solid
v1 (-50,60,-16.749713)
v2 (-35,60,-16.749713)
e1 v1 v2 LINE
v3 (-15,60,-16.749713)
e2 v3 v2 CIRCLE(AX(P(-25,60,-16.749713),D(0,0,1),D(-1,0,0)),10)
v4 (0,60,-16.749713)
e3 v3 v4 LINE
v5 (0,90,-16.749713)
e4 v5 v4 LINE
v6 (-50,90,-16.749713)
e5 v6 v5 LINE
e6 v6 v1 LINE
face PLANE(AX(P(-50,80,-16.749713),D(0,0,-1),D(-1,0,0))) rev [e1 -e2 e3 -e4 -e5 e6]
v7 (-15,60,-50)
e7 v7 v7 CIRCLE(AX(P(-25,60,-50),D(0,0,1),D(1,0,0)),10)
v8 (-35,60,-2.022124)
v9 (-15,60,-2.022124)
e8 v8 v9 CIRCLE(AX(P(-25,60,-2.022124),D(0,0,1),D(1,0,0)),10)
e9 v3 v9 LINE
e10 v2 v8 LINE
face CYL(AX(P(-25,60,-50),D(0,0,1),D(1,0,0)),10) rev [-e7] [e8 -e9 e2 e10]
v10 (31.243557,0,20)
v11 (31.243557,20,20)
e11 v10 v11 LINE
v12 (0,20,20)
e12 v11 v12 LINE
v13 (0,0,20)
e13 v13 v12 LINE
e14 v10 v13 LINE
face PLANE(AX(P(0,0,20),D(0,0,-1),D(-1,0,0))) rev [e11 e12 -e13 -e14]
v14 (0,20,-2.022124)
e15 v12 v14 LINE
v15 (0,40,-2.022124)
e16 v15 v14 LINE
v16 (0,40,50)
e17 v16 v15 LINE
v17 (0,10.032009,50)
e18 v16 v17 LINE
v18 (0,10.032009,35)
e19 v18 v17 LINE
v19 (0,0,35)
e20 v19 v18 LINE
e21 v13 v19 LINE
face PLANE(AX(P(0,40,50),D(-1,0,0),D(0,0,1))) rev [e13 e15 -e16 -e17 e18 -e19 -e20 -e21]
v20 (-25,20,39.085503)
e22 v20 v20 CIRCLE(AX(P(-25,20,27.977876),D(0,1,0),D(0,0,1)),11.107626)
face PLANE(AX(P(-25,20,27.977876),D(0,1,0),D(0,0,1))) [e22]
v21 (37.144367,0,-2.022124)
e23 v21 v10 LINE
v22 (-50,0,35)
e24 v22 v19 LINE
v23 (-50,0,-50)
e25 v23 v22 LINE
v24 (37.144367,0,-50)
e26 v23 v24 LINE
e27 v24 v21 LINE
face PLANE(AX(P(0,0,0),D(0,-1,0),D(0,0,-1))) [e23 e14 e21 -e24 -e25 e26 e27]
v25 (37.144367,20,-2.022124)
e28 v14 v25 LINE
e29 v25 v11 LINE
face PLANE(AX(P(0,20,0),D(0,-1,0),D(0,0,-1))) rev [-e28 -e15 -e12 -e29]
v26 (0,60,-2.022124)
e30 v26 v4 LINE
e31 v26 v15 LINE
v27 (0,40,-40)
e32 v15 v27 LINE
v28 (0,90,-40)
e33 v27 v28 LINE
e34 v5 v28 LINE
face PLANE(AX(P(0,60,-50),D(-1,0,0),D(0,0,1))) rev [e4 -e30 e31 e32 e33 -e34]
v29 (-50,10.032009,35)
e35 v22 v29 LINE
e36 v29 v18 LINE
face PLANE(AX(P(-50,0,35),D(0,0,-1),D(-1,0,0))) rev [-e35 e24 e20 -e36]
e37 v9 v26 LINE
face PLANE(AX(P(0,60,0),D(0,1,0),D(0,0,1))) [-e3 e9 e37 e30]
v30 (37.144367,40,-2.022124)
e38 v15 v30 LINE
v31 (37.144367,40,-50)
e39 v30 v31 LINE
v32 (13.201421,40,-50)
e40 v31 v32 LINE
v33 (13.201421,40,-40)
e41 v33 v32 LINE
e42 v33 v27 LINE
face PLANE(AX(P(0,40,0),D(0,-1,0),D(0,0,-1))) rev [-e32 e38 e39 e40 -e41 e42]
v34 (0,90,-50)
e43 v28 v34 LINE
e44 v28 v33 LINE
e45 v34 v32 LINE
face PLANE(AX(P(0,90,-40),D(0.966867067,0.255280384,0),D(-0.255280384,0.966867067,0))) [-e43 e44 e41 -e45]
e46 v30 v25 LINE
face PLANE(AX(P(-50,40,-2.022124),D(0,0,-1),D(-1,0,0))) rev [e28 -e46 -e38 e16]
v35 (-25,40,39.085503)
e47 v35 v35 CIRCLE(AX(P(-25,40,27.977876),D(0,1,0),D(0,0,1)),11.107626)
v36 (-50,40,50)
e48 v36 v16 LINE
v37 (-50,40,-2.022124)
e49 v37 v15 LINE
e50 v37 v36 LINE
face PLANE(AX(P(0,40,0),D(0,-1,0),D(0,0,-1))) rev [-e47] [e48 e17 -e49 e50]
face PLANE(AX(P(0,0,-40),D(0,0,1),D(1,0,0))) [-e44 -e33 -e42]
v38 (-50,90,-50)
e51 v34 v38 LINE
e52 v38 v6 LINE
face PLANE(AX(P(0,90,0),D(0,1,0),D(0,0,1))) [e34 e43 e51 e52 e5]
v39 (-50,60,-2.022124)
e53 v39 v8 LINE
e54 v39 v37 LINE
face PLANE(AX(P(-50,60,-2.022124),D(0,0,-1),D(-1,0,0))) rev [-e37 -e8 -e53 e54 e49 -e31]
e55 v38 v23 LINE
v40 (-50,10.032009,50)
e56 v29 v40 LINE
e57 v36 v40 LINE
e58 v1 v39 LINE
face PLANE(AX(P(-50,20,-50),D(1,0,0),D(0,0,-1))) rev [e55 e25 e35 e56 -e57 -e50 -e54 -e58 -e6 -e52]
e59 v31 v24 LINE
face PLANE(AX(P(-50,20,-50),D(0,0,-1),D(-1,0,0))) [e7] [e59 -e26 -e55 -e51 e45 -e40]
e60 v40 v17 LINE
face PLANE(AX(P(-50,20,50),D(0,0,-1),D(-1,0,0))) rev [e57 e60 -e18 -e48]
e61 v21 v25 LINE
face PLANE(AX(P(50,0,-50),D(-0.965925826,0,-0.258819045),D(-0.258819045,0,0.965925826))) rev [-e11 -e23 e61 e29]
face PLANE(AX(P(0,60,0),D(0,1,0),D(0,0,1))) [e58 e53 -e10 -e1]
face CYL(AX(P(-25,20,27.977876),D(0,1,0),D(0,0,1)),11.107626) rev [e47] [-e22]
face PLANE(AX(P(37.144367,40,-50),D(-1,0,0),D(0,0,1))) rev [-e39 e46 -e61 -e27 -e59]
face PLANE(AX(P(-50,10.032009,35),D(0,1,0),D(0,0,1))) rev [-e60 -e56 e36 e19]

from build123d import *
from build123d.topology import SkipClean

# Parameters (mm, degrees)
CROQUIS1_W               = 100
CROQUIS1_H               = 100
SALIENTE_EXTRUIR1_DEPTH  = 20
CROQUIS2_W               = 50
CROQUIS2_H               = 52.022123513
SALIENTE_EXTRUIR2_DEPTH  = 20
CROQUIS6_W               = 50
CROQUIS6_H               = 30
CORTAR_EXTRUIR1_DEPTH    = 20
CROQUIS9_W               = 15
CROQUIS9_H               = 10.032008702
CORTAR_EXTRUIR8_DEPTH    = 50
CROQUIS10_R              = 11.107626401
CORTAR_EXTRUIR9_DEPTH    = 20
CORTAR_EXTRUIR11_DEPTH   = 20
CROQUIS14_W              = 87.144366741
CROQUIS14_H              = 47.977876487
SALIENTE_EXTRUIR4_DEPTH  = 20
CORTAR_EXTRUIR12_DEPTH   = 20
CROQUIS16_W              = 50
CROQUIS16_H              = 47.977876487
SALIENTE_EXTRUIR5_DEPTH  = 20
CORTAR_EXTRUIR13_DEPTH   = 94.841895413
CROQUIS22_W              = 50
CROQUIS22_H              = 33.250287406
SALIENTE_EXTRUIR6_DEPTH  = 20
CORTAR_EXTRUIR14_DEPTH   = 116.566102865
CROQUIS25_W              = 50
CROQUIS25_H              = 33.250287406
SALIENTE_EXTRUIR7_DEPTH  = 10
SALIENTE_EXTRUIR10_DEPTH = 10


with BuildPart() as part:
    # Croquis1 → Saliente-Extruir1 (new body)
    with BuildSketch(Plane(origin=(0, 0, 0), x_dir=(1, 0, 0), z_dir=(0, 1, 0))):
        Rectangle(CROQUIS1_W, CROQUIS1_H)
    extrude(amount=SALIENTE_EXTRUIR1_DEPTH)

    # Croquis2 → Saliente-Extruir2 (add)
    with BuildSketch(Plane(origin=(0, 20, 0), x_dir=(1, 0, 0), z_dir=(0, 1, 0))):
        with Locations((-25, -23.988938244)):
            Rectangle(CROQUIS2_W, CROQUIS2_H)
    extrude(amount=SALIENTE_EXTRUIR2_DEPTH)

    # Croquis6 → Cortar-Extruir1 (cut)
    with BuildSketch(Plane(origin=(0, 20, 0), x_dir=(1, 0, 0), z_dir=(0, 1, 0))):
        with Locations((25, -35)):
            Rectangle(CROQUIS6_W, CROQUIS6_H)
    extrude(amount=-CORTAR_EXTRUIR1_DEPTH, mode=Mode.SUBTRACT)

    # Croquis9 → Cortar-Extruir8 (cut)
    with BuildSketch(Plane(origin=(0, 0, 0), x_dir=(0, 0, -1), z_dir=(1, 0, 0))):
        with Locations((-42.5, 5.016004351)):
            Rectangle(CROQUIS9_W, CROQUIS9_H)
    extrude(amount=-CORTAR_EXTRUIR8_DEPTH, mode=Mode.SUBTRACT)

    # Croquis10 → Cortar-Extruir9 (cut)
    with BuildSketch(Plane(origin=(0, 40, 0), x_dir=(1, 0, 0), z_dir=(0, 1, 0))):
        with Locations(Location((-25, -27.977876487, 0), (0, 0, 270))):
            Circle(CROQUIS10_R)
    extrude(amount=-CORTAR_EXTRUIR9_DEPTH, mode=Mode.SUBTRACT)

    # Croquis12 → Cortar-Extruir11 (cut)
    with BuildSketch(Plane(origin=(0, 20, 0), x_dir=(1, 0, 0), z_dir=(0, 1, 0))):
        Polygon((50, 50), (31.24355653, -20), (50, -20), align=None)
    extrude(amount=-CORTAR_EXTRUIR11_DEPTH, mode=Mode.SUBTRACT)

    # Croquis14 → Saliente-Extruir4 (add)
    with BuildSketch(Plane(origin=(0, 20, 0), x_dir=(1, 0, 0), z_dir=(0, 1, 0))):
        with Locations((-6.42781663, 26.011061756)):
            Rectangle(CROQUIS14_W, CROQUIS14_H)
    extrude(amount=SALIENTE_EXTRUIR4_DEPTH)

    # Croquis15 → Cortar-Extruir12 (cut)
    with BuildSketch(Plane(origin=(0, 20, 0), x_dir=(1, 0, 0), z_dir=(0, 1, 0))):
        Polygon((37.144366741, 50), (37.144366741, 2.022123513), (50, 50), align=None)
    extrude(amount=-CORTAR_EXTRUIR12_DEPTH, mode=Mode.SUBTRACT)

    # Croquis16 → Saliente-Extruir5 (add)
    with BuildSketch(Plane(origin=(0, 40, 0), x_dir=(1, 0, 0), z_dir=(0, 1, 0))):
        with Locations((-25, 26.011061756)):
            Rectangle(CROQUIS16_W, CROQUIS16_H)
    extrude(amount=SALIENTE_EXTRUIR5_DEPTH)

    # Croquis19 → Cortar-Extruir13 (cut, through all)
    with BuildSketch(Plane.XY.offset(-2.022123513)):
        with BuildLine():
            Line((-35, 60), (-15, 60))
            ThreePointArc((-15, 60), (-25, 50), (-35, 60))
        make_face()
    extrude(amount=-CORTAR_EXTRUIR13_DEPTH, mode=Mode.SUBTRACT)

    # Croquis22 → Saliente-Extruir6 (add)
    with BuildSketch(Plane(origin=(0, 60, 0), x_dir=(1, 0, 0), z_dir=(0, 1, 0))):
        with Locations((-25, 33.374856297)):
            Rectangle(CROQUIS22_W, CROQUIS22_H)
    extrude(amount=SALIENTE_EXTRUIR6_DEPTH)

    # Croquis23 → Cortar-Extruir14 (cut, through all)
    with SkipClean():  # the faces are left unmerged after this step: merging them gives an invalid solid
        with BuildSketch(Plane.XY.offset(-16.749712594)):
            with BuildLine():
                Line((-35, 60), (-15, 60))
                ThreePointArc((-15, 60), (-25, 70), (-35, 60))
            make_face()
        extrude(amount=-CORTAR_EXTRUIR14_DEPTH, mode=Mode.SUBTRACT)

    # Croquis25 → Saliente-Extruir7 (add)
    with SkipClean():  # the faces are left unmerged after this step: merging them gives an invalid solid
        with BuildSketch(Plane(origin=(0, 80, 0), x_dir=(1, 0, 0), z_dir=(0, 1, 0))):
            with Locations((-25, 33.374856297)):
                Rectangle(CROQUIS25_W, CROQUIS25_H)
        extrude(amount=SALIENTE_EXTRUIR7_DEPTH)

    # Croquis29 → Saliente-Extruir10 (add)
    with SkipClean():  # the faces are left unmerged after this step: merging them gives an invalid solid
        with BuildSketch(Plane(origin=(0, 0, -50), x_dir=(-1, 0, 0), z_dir=(0, 0, -1))):
            Polygon((0, 90), (-13.201421023, 40), (0, 40), (0.141328754, 40.445503682), align=None)
        extrude(amount=-SALIENTE_EXTRUIR10_DEPTH)


solid = part.part
